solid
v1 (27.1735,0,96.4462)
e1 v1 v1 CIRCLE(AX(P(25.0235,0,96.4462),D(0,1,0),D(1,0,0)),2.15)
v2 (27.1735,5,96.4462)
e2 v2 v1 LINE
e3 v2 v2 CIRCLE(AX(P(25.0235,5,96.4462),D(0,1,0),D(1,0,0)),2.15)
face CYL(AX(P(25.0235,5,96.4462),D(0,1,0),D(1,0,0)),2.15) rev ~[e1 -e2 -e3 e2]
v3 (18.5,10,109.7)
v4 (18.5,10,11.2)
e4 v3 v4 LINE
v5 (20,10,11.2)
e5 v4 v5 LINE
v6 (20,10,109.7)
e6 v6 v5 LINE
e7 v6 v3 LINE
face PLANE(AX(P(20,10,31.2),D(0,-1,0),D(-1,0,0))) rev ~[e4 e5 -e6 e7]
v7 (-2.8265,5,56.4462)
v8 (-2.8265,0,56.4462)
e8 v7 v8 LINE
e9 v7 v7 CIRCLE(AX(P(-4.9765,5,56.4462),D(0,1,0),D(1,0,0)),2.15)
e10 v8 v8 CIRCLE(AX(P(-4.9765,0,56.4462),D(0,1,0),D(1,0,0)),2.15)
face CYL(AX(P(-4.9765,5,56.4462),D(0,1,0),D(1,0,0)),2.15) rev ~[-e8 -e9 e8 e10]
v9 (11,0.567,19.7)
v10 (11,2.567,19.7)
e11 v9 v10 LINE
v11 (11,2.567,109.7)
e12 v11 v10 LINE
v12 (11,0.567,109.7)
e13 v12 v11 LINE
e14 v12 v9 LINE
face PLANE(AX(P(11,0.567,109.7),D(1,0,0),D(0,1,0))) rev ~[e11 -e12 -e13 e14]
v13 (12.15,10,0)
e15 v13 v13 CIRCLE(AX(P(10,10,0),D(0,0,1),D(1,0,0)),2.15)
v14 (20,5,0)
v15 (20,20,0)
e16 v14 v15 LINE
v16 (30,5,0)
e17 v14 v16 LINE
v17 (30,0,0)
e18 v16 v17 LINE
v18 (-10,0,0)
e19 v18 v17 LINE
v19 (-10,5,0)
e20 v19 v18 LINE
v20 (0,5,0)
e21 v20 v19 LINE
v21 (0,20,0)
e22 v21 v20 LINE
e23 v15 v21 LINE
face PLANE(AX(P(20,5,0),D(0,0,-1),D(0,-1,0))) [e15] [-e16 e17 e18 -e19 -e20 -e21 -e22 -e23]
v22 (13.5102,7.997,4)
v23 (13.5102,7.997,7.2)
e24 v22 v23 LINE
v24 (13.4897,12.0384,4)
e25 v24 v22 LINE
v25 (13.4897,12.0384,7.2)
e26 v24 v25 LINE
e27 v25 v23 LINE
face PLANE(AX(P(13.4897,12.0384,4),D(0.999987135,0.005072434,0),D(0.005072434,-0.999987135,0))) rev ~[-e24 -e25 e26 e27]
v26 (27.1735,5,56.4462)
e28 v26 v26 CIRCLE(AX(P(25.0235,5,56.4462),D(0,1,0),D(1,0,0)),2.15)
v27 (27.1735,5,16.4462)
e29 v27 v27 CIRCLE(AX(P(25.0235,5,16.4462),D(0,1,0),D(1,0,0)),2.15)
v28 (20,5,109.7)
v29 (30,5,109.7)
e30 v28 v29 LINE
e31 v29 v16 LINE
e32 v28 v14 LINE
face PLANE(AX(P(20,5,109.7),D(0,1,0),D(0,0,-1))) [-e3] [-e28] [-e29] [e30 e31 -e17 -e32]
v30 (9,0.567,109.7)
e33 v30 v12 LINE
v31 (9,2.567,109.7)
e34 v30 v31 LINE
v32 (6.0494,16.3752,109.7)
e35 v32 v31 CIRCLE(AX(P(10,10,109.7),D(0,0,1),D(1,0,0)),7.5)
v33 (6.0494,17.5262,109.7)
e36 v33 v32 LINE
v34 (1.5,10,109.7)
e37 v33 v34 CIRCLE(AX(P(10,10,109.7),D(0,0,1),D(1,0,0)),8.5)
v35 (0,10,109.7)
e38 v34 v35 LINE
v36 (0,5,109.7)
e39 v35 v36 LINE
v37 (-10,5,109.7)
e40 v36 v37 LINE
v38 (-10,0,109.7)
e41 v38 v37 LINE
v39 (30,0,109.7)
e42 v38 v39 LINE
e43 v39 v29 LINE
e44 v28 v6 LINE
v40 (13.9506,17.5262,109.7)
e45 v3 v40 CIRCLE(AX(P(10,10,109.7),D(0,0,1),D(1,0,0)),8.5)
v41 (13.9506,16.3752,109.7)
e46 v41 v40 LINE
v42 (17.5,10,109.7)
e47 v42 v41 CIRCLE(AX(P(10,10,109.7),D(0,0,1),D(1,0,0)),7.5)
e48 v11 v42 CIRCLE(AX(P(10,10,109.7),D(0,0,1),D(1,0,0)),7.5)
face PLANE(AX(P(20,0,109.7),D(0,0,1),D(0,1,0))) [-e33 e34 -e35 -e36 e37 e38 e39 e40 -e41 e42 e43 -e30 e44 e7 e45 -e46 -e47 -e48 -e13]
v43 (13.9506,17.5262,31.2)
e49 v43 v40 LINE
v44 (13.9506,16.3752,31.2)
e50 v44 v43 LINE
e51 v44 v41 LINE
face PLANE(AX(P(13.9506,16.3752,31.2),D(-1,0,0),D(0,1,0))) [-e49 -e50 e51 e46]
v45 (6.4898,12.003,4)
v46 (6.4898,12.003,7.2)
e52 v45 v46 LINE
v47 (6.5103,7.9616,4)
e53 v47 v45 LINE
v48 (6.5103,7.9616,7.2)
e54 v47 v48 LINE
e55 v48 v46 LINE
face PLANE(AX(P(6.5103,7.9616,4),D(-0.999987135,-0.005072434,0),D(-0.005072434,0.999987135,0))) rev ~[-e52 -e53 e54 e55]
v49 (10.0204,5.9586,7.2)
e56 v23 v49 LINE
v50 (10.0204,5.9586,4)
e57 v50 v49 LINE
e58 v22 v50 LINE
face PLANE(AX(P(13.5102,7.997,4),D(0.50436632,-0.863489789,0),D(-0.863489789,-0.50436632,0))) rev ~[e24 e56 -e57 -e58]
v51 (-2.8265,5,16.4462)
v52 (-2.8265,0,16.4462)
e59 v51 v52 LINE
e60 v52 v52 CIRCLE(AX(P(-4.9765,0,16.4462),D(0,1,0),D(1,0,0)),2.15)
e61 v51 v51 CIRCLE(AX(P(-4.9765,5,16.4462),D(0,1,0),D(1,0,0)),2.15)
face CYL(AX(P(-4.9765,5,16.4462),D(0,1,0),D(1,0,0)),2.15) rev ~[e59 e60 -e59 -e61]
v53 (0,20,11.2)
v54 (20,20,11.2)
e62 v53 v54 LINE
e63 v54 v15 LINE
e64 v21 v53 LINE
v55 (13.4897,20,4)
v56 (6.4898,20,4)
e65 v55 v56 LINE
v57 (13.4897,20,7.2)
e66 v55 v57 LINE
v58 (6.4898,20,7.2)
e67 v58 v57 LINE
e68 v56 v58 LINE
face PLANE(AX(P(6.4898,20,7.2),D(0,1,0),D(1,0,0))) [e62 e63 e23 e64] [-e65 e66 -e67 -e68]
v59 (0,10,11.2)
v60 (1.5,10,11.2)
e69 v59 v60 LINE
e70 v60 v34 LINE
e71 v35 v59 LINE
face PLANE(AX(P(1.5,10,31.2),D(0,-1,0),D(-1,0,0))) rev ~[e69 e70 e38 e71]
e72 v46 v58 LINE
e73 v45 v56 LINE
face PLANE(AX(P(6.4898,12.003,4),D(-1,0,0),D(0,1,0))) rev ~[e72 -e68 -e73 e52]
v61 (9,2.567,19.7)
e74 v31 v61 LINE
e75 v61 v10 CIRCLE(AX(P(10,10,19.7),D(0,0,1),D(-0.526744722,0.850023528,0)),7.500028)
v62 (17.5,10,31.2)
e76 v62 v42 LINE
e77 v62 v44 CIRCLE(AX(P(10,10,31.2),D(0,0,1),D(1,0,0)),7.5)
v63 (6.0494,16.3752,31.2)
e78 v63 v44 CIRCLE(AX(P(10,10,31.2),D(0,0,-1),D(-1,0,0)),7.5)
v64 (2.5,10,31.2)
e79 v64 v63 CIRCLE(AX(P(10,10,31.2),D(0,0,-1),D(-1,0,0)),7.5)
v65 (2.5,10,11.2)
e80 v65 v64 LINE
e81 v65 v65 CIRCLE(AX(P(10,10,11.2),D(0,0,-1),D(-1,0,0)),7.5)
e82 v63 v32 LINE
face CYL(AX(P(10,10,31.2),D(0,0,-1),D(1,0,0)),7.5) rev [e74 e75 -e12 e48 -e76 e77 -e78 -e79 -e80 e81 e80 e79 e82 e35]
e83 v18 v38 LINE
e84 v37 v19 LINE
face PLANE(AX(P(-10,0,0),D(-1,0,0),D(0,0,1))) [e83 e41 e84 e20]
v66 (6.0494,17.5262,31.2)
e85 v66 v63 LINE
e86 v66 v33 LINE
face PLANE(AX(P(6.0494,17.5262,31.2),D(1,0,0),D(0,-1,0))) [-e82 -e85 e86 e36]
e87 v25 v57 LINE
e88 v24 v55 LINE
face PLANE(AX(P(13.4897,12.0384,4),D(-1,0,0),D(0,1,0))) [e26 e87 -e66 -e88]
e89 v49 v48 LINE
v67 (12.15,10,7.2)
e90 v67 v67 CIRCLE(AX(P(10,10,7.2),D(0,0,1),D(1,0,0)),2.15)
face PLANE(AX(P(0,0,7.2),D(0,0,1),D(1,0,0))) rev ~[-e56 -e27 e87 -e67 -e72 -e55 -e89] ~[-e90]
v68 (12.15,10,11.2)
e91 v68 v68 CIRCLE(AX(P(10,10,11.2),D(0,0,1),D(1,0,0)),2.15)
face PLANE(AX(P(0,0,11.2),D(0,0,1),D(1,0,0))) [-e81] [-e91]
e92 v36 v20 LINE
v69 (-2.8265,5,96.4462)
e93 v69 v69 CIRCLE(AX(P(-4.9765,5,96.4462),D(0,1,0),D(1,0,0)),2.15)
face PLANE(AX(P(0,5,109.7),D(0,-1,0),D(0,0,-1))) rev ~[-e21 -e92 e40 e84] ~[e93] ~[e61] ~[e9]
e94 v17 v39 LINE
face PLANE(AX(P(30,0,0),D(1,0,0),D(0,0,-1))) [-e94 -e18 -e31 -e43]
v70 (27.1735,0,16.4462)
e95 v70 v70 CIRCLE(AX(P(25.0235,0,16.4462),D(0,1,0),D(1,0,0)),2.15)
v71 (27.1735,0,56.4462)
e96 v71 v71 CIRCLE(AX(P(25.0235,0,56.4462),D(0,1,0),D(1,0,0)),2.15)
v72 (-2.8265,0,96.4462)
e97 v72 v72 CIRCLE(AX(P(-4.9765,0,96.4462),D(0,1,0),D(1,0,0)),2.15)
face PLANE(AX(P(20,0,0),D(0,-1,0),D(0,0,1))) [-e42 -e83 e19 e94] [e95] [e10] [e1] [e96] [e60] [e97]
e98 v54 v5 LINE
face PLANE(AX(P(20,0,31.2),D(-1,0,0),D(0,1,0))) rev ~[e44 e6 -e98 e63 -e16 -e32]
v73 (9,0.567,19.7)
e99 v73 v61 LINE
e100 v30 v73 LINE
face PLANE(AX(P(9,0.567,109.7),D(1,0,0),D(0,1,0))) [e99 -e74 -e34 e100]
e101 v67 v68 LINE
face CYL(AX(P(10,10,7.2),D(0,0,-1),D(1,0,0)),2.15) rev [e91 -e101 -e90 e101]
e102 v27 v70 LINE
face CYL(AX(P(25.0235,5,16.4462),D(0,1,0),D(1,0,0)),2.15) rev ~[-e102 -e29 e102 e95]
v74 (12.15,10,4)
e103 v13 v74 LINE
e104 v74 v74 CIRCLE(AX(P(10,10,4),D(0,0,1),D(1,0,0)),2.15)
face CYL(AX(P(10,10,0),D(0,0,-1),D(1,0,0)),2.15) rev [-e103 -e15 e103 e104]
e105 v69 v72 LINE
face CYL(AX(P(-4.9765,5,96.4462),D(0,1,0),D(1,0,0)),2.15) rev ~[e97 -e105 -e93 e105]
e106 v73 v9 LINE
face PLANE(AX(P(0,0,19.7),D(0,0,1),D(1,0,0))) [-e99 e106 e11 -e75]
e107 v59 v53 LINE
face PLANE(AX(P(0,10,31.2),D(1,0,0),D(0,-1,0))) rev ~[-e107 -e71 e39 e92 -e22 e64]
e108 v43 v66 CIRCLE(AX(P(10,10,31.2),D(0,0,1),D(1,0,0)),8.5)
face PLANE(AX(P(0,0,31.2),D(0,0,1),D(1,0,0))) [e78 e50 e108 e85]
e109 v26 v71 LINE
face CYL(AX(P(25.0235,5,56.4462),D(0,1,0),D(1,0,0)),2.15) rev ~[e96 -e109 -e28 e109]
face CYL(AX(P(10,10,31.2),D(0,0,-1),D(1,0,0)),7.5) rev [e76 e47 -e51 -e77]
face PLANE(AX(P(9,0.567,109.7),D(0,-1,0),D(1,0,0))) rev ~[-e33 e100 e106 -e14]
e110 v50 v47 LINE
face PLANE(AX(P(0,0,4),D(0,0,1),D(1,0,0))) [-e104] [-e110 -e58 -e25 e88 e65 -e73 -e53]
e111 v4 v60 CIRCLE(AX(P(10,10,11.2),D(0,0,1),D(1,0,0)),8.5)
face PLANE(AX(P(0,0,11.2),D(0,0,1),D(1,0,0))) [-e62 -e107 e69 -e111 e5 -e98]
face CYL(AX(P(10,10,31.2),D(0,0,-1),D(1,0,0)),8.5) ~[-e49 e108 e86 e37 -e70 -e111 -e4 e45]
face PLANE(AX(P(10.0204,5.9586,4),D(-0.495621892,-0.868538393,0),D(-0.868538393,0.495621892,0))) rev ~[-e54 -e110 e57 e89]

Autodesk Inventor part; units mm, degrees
ref_plane "YZ Plane" through (0, 0, 0) normal (1, 0, 0) x (0, 1, 0)
ref_plane "XZ Plane" through (0, 0, 0) normal (0, 1, 0) x (-1, 0, 0)
ref_plane "XY Plane" through (0, 0, 0) normal (0, 0, 1) x (1, 0, 0)
sketch "Esquisse1" plane through (0, 0, 0) normal (0, 0, 1) x (1, 0, 0)
  line L0 (0, 0) -> (20, 0)
  line L1 (20, 0) -> (20, 20)
  line L2 (20, 20) -> (0, 20)
  line L3 (0, 20) -> (0, 0)
  circle A0 centre (10, 10) radius 2.15
  dimension "d0" = 20
  dimension "d1" = 20
  dimension "d2" = 4.3
extrude "Extrusion1" add sketch "Esquisse1" along normal blind 4
sketch "Esquisse2" plane through (0, 0, 4) normal (0, 0, 1) x (1, 0, 0)
  circle A0 centre (10, 10) radius 2.15 projected
  line L0 (0, 20) -> (0, 0) projected
  circle A1 centre (10, 10) radius 2.15 projected
  line L1 (0, 0) -> (20, 0) projected
  line L2 (20, 0) -> (20, 20) projected
  line L3 (20, 20) -> (0, 20) projected
  line L4 (0, 20) -> (0, 0) projected
  line L5 (13.4897, 12.0384) -> (13.5102, 7.997)
  line L6 (13.5102, 7.997) -> (10.0204, 5.9586)
  line L7 (10.0204, 5.9586) -> (6.5103, 7.9616)
  line L8 (6.5103, 7.9616) -> (6.4898, 12.003)
  line L9 (6.4898, 12.003) -> (6.4898, 20)
  line L10 (20, 20) -> (0, 20) projected
  line L11 (13.4897, 12.0384) -> (13.4897, 20)
  line L12 (6.4898, 20) -> (0, 20)
  line L13 (0, 0) -> (20, 0) projected
  line L14 (0, 0) -> (0, 20)
  line L15 (0, 0) -> (20, 0)
  line L16 (20, 0) -> (20, 20)
  line L17 (20, 20) -> (13.4897, 20)
  dimension "d5" = 7
  dimension "d6" = 0.29
extrude "Extrusion2" add sketch "Esquisse2" along normal blind 3.2 contours L3 L9 L8 L7 L6 L5 L11 L2 L1 L0
sketch "Esquisse3" plane through (0, 0, 7.2) normal (0, 0, 1) x (1, 0, 0)
  line L0 (6.4898, 20) -> (0, 20) projected
  line L1 (0, 20) -> (20, 20)
  line L2 (20, 20) -> (20, 0)
  line L3 (20, 0) -> (0, 0)
  line L4 (0, 0) -> (0, 20)
  circle A0 centre (10, 10) radius 2.15 projected
  circle A1 centre (10, 10) radius 2.15
  point P0 (0, 0)
extrude "Extrusion4" add sketch "Esquisse3" along normal blind 4
sketch "Esquisse4" plane through (0, 0, 11.2) normal (0, 0, 1) x (1, 0, 0)
  line L0 (0, 20) -> (0, 0) projected
  line L1 (0, 10) -> (0, 0)
  line L2 (0, 0) -> (20, 0)
  line L3 (20, 0) -> (20, 10)
  line L4 (20, 0) -> (20, 20) projected
  line L5 (10, 10) -> (2.5, 10) construction
  line L6 (2.5, 10) -> (17.5, 10) construction
  arc A0 (2.5, 10) -> (17.5, 10) centre (10, 10) ccw
  arc A1 (17.5, 10) -> (2.5, 10) centre (10, 10) ccw
  line L7 (0, 10) -> (0, 20)
  line L8 (20, 20) -> (0, 20) projected
  line L9 (0, 20) -> (20, 20)
  line L10 (20, 20) -> (20, 10)
  line L11 (0, 10) -> (1.5, 10)
  line L12 (18.5, 10) -> (20, 10)
  arc A2 (18.5, 10) -> (1.5, 10) centre (10, 10) ccw
  dimension "d15" = 7.5
  dimension "d16" = 1
extrude "Extrusion5" add sketch "Esquisse4" along normal blind 20 contours L11 A2 L12 L3 L2 L0
sketch "Esquisse5" plane through (0, 0, 31.2) normal (0, 0, 1) x (1, 0, 0)
  circle A0 centre (10, 10) radius 7.5 projected
  line L0 (0, 0) -> (20, 0) projected
  line L1 (20, 0) -> (20, 10) projected
  line L2 (20, 10) -> (18.5, 10) projected
  arc A1 (18.5, 10) -> (1.5, 10) centre (10, 10) ccw projected
  line L3 (1.5, 10) -> (0, 10) projected
  line L4 (0, 10) -> (0, 0) projected
  arc A2 (18.5, 10) -> (1.5, 10) centre (10, 10) ccw projected
  line L5 (6.0494, 17.5262) -> (6.0494, 16.3752)
  line L6 (13.9506, 16.3752) -> (13.9506, 17.5262)
  arc A3 (18.5, 10) -> (1.5, 10) centre (10, 10) ccw projected
  circle A4 centre (10, 10) radius 7.5 projected
extrude "Extrusion6" add sketch "Esquisse5" along normal blind 78.5 contours A0 L6 A1 L2 L1 L0 L4 L3 L5
sketch "Esquisse6" plane through (0, 0, 109.7) normal (0, 0, 1) x (1, 0, 0)
  arc A0 (6.0494, 16.3752) -> (13.9506, 16.3752) centre (10, 10) ccw projected
  line L0 (0, 0) -> (20, 0) projected
  line L1 (11, 0.567) -> (11, 2.567)
  line L2 (9, 0.567) -> (9, 2.567)
  arc A1 (9, 2.567) -> (11, 2.567) centre (10, 10) ccw
  line L3 (9, 0.567) -> (11, 0.567)
  dimension "d23" = 2
  dimension "d24" = 2
extrude "Extrusion7" cut sketch "Esquisse6" against normal blind 90
sketch "Esquisse7" plane through (0, 0, 0) normal (-1, 0, 0) x (0, 0, 1)
  point P0 (0, 0)
sketch "Esquisse8" plane through (0, 0, 0) normal (-1, 0, 0) x (0, 0, 1)
  line L0 (109.7, 0) -> (109.7, 10) projected
  line L1 (0, 0) -> (109.7, 0)
  line L2 (109.7, 0) -> (109.7, 5)
  line L3 (109.7, 5) -> (0, 5)
  line L4 (0, 5) -> (0, 0)
extrude "Extrusion8" add sketch "Esquisse8" along normal blind 10
sketch "Esquisse9" plane through (20, 0, 0) normal (1, 0, 0) x (0, 0, -1)
  line L0 (-109.7, 0) -> (-109.7, 10) projected
  line L1 (0, 0) -> (-109.7, 0)
  line L2 (-109.7, 0) -> (-109.7, 5)
  line L3 (-109.7, 5) -> (0, 5)
  line L4 (0, 5) -> (0, 0)
extrude "Extrusion9" add sketch "Esquisse9" along normal blind 10
sketch "Esquisse10" plane through (20, 5, 109.7) normal (0, 1, 0) x (1, 0, 0)
  line L0 (10.0235, 93.2538) -> (5.0235, 93.2538) construction
  line L1 (0, 98.5) -> (0, 0) construction
  line L2 (5.0235, 93.2538) -> (5.0235, 8.1061) construction
  circle A0 centre (5.0235, 93.2538) radius 2.15
  circle A1 centre (5.0235, 53.2538) radius 2.15
  circle A2 centre (5.0235, 13.2538) radius 2.15
  circle A3 centre (-24.9765, 93.2538) radius 2.15
  circle A4 centre (-24.9765, 53.2538) radius 2.15
  circle A5 centre (-24.9765, 13.2538) radius 2.15
  point P0 (-20, 109.7)
  dimension "d31" = 5
  dimension "d32" = 4.3
  dimension "d35" = 40
  dimension "d38" = 30
extrude "Extrusion10" cut sketch "Esquisse10" against normal blind 10
sketch "Esquisse11" plane through (0, 0, 109.7) normal (0, 0, 1) x (1, 0, 0)
  line L0 (9, 0.567) -> (9, 2.567) projected
  arc A0 (6.0494, 16.3752) -> (9, 2.567) centre (10, 10) ccw projected
  line L1 (6.0494, 16.3752) -> (6.0494, 17.5262) projected
  arc A1 (6.0494, 17.5262) -> (1.5, 10) centre (10, 10) ccw projected
  line L2 (1.5, 10) -> (0, 10) projected
  line L3 (0, 10) -> (0, 5) projected
  line L4 (0, 5) -> (-10, 5) projected
  line L5 (-10, 0) -> (-10, 5) projected
  line L6 (30, 0) -> (-10, 0) projected
  line L7 (30, 5) -> (30, 0) projected
  line L8 (20, 5) -> (30, 5) projected
  line L9 (20, 5) -> (20, 10) projected
  line L10 (20, 10) -> (18.5, 10) projected
  arc A2 (18.5, 10) -> (13.9506, 17.5262) centre (10, 10) ccw projected
  line L11 (13.9506, 17.5262) -> (13.9506, 16.3752) projected
  arc A3 (11, 2.567) -> (13.9506, 16.3752) centre (10, 10) ccw projected
  line L12 (11, 2.567) -> (11, 0.567) projected
  line L13 (11, 0.567) -> (9, 0.567) projected
  point P0 (0, 0)
ref_plane "Plan de construction1" through (17.5, 10, 11.2) normal (1, 0, 0) x (0, 1, 0)
ref_plane "Plan de construction2" through (20, 20, 11.2) normal (1, 0, 0) x (0, 0, -1)
properties part number "lanceur"
